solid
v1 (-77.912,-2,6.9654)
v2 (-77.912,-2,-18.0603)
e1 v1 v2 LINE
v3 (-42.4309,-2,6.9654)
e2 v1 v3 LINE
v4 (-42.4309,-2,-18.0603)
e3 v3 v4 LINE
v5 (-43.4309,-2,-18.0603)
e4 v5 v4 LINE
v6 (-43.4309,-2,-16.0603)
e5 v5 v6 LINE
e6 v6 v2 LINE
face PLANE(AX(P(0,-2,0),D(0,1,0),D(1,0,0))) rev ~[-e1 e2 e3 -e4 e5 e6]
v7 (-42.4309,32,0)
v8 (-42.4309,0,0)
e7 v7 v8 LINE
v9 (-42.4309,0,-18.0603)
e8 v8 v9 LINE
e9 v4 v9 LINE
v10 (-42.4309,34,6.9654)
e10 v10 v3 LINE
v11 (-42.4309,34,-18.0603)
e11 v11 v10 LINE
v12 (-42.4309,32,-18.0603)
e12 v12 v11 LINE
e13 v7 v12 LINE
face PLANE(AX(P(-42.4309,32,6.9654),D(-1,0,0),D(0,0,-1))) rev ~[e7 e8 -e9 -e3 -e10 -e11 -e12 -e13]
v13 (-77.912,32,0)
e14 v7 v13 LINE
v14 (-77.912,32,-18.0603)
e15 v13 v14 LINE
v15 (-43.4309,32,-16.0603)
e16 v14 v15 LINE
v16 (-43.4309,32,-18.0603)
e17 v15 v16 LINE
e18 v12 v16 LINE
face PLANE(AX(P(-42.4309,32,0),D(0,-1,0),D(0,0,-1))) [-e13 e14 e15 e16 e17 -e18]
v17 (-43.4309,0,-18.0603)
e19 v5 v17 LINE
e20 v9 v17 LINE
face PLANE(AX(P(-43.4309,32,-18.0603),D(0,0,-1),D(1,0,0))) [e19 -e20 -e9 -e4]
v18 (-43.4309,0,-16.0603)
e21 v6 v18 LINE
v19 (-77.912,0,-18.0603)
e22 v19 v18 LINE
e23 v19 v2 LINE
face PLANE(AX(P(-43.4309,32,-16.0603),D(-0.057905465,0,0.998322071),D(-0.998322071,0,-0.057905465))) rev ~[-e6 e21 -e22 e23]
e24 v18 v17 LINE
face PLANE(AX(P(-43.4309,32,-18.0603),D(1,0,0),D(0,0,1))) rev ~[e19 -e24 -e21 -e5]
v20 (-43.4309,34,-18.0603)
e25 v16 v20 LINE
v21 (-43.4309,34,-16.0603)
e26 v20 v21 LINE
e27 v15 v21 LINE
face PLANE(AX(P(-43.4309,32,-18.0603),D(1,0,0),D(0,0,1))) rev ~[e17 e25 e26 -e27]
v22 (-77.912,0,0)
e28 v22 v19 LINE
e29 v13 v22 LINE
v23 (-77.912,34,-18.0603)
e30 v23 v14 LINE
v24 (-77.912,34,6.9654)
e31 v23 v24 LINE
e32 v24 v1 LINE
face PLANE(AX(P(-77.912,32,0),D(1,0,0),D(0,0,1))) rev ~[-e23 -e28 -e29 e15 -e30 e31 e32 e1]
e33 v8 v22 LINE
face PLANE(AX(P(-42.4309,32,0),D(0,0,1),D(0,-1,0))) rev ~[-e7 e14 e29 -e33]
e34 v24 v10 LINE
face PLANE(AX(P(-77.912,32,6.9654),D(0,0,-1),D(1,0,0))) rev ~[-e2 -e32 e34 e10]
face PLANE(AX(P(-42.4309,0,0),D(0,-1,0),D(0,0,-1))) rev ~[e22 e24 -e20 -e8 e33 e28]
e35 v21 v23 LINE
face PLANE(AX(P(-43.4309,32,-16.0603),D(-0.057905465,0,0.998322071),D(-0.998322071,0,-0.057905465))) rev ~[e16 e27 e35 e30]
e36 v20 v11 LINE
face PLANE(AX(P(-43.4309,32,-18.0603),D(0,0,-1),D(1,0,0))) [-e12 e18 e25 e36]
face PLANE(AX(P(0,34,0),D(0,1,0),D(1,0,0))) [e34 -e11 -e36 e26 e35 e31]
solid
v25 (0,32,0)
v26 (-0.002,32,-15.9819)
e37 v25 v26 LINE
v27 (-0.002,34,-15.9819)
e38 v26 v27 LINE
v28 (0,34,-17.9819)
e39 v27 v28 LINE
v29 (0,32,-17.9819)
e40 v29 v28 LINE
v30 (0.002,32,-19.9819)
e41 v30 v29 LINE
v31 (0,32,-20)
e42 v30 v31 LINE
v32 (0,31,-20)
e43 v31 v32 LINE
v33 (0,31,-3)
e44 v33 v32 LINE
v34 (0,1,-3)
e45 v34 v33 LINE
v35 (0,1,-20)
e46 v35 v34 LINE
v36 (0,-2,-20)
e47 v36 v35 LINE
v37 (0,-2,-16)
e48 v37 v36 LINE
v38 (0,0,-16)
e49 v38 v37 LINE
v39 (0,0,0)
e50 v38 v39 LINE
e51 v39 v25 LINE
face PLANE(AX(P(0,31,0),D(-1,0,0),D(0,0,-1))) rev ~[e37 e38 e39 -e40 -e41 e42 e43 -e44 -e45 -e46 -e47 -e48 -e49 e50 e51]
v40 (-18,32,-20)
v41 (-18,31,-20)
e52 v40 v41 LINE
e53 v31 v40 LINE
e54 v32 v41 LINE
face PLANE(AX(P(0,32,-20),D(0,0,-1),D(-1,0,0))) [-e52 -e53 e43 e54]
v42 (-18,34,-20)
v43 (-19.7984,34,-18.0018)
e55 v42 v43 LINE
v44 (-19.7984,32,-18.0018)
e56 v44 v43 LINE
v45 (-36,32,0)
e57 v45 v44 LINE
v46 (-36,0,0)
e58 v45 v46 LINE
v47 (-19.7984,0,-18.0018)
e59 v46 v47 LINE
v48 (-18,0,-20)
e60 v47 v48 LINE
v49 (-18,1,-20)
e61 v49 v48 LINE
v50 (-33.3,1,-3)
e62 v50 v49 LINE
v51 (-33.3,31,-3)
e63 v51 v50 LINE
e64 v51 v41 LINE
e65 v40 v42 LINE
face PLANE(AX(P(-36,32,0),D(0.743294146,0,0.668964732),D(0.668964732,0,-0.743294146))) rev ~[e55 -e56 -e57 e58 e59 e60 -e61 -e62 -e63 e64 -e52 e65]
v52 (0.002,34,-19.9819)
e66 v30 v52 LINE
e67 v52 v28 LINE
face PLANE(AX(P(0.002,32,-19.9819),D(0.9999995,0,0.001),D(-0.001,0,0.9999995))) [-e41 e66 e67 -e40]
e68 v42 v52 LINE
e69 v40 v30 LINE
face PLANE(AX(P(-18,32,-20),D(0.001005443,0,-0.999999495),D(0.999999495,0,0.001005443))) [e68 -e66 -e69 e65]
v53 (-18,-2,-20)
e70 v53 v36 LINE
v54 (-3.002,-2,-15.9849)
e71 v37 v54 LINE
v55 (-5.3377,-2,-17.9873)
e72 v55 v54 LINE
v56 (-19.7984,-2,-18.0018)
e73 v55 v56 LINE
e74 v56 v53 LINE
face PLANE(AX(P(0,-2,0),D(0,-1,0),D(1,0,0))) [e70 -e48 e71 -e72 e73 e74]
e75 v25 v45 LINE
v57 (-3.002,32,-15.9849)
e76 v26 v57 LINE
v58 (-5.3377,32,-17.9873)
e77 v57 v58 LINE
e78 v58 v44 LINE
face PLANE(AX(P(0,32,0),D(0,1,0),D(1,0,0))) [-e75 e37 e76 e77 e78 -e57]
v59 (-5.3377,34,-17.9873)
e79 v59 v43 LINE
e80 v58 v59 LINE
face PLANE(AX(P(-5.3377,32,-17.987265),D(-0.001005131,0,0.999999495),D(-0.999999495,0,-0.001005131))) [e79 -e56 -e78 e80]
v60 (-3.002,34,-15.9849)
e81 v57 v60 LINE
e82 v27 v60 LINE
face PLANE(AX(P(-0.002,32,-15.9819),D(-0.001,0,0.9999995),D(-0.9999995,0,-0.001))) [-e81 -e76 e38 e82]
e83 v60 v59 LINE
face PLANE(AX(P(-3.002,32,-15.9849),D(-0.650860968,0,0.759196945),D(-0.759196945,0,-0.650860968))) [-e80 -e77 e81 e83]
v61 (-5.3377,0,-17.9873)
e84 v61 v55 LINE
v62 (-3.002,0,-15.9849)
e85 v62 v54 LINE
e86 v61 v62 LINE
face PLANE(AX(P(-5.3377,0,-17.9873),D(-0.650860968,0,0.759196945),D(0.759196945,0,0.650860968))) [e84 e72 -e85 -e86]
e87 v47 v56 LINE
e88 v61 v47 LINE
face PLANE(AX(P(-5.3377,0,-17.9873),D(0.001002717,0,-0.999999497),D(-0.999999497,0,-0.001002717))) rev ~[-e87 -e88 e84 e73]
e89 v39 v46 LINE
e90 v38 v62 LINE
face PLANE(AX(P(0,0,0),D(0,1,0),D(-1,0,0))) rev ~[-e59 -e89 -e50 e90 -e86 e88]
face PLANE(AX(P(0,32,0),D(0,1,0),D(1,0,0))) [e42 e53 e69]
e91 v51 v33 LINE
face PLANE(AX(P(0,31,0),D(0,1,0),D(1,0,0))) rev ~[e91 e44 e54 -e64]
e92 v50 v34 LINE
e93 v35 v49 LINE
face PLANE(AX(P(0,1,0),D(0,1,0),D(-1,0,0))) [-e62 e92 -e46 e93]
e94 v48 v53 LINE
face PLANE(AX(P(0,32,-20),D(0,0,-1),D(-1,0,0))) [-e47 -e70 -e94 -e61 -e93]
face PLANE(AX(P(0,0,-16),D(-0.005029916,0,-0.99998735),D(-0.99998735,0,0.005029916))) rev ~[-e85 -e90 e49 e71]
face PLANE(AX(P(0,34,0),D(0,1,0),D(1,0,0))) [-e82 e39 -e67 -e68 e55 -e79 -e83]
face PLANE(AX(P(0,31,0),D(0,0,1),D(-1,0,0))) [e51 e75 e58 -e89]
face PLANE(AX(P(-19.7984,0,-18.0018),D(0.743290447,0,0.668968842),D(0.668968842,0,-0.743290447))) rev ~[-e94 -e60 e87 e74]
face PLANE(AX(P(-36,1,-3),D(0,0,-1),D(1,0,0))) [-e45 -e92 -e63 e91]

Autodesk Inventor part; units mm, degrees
ref_plane "YZ Plane" through (0, 0, 0) normal (1, 0, 0) x (0, 1, 0)
ref_plane "XZ Plane" through (0, 0, 0) normal (0, 1, 0) x (-1, 0, 0)
ref_plane "XY Plane" through (0, 0, 0) normal (0, 0, 1) x (1, 0, 0)
sketch "Эскиз1" plane through (0, 0, 0) normal (0, 1, 0) x (-1, 0, 0)
  line L0 (0, 0) -> (36, 0)
  line L1 (36, 0) -> (36, -40)
  line L2 (36, -40) -> (0, -40)
  line L3 (0, -40) -> (0, 0)
  dimension "d0" = 36
  dimension "d1" = 40
extrude "Выдавливание1" add sketch "Эскиз1" along normal blind 1
sketch "Эскиз2" plane through (0, 1, 0) normal (0, 1, 0) x (1, 0, 0)
  line L0 (-36, 40) -> (-36, 0) projected
  line L1 (0, 0) -> (-36, 0)
  line L2 (-36, 0) -> (-36, 3)
  line L3 (-36, 3) -> (0, 3)
  line L4 (0, 3) -> (0, 0)
  dimension "d4" = 3
extrude "Выдавливание2" add sketch "Эскиз2" along normal blind 30
sketch "Эскиз3" plane through (0, 31, 0) normal (0, 1, 0) x (1, 0, 0)
  line L0 (0, 0) -> (0, 40) projected
  line L1 (0, 0) -> (-36, 0)
  line L2 (-36, 0) -> (-36, 40)
  line L3 (-36, 40) -> (0, 40)
  line L4 (0, 40) -> (0, 0)
extrude "Выдавливание3" add sketch "Эскиз3" along normal blind 1
sketch "Эскиз4" plane through (0, 32, 0) normal (0, 1, 0) x (1, 0, 0)
  line L0 (-36, 40) -> (-36, 0) projected
  line L1 (-36, 0) -> (0, 40)
  line L2 (0, 40) -> (0, 20)
  line L3 (0, 20) -> (-18, 20)
  line L4 (0, 40) -> (-36, 40) projected
  line L5 (-36, 40) -> (0, 40)
  point P0 (0, 0)
extrude "Выдавливание4" cut sketch "Эскиз4" against normal blind 100
sketch "Эскиз6" plane through (0, 32, 0) normal (0, 1, 0) x (1, 0, 0)
  line L0 (0.002, 19.9819) -> (0, 17.9819)
  line L1 (0, 0) -> (0, 20) projected
  line L2 (0, 17.9819) -> (-19.7984, 18.0018)
  line L3 (-18, 20) -> (-36, 0) projected
  line L4 (-18, 20) -> (-19.7984, 18.0018)
  line L5 (-18, 20) -> (0.002, 19.9819)
  line L6 (0, 17.9819) -> (-0.002, 15.9819)
  line L7 (-0.002, 15.9819) -> (-3.002, 15.9849)
  line L8 (-3.002, 15.9849) -> (-5.3377, 17.9873)
  point P0 (0, 19.9819)
  dimension "d11" = 2
  dimension "d12" = 2
  dimension "d13" = 3
extrude "Выдавливание5" add sketch "Эскиз6" along normal blind 2
sketch "Эскиз7" plane through (0, 0, 0) normal (0, -1, 0) x (1, 0, 0)
  line L0 (0, -20) -> (0, -16)
  line L1 (0, -16) -> (0, -18)
  line L2 (0, -3) -> (0, -20) projected
  line L3 (-5.3377, -17.9873) -> (-19.7984, -18.0018) projected
  line L4 (0, -18) -> (-19.7984, -18.0018)
  line L5 (-19.7984, -18.0018) -> (-18, -20)
  line L6 (-18, -20) -> (0, -20)
  line L7 (-0.002, -15.9819) -> (-3.002, -15.9849) projected
  line L8 (0, -16) -> (-3.002, -15.9849)
  line L9 (-5.3377, -17.9873) -> (-3.002, -15.9849) projected
  line L10 (-3.002, -15.9849) -> (-5.3377, -17.9873)
  point P0 (0, 0)
  dimension "d16" = 4
  dimension "d17" = 2
extrude "Выдавливание6" add sketch "Эскиз7" along normal blind 2 contours L6 L5 L4 L0 | L4 L3 L9 L8 L0
sketch "Эскиз8" plane through (0, 32, 0) normal (0, 1, 0) x (1, 0, 0)
  line L0 (-42.4309, 0) -> (-77.912, 0)
  line L1 (-77.912, 0) -> (-77.912, 18.0603)
  line L2 (-77.912, 18.0603) -> (-42.4309, 18.0603)
  line L3 (-42.4309, 18.0603) -> (-42.4309, 0)
  line L4 (-42.4309, 0) -> (-77.912, 0)
  line L5 (-77.912, 0) -> (-77.912, -6.9654)
  line L6 (-77.912, -6.9654) -> (-42.4309, -6.9654)
  line L7 (-42.4309, -6.9654) -> (-42.4309, 0)
  line L8 (-42.4309, 18.0603) -> (-43.4309, 18.0603)
  line L9 (-43.4309, 18.0603) -> (-43.4309, 16.0603)
  line L10 (-43.4309, 16.0603) -> (-77.912, 18.0603)
  point P0 (0, 0)
  dimension "d20" = 1
  dimension "d21" = 2
extrude "Выдавливание7" add sketch "Эскиз8" along normal blind 2 and the other way blind 34 contours L7 L6 L5 L0 | L0 L1 L10 L9 L2 L3
sketch "Эскиз9" plane through (-42.4309, -2, -18.0603) normal (1, 0, 0) x (0, 0, -1)
  line L0 (-18.0603, 34) -> (-0.0784, 34) projected
  line L1 (-0.0585, 34) -> (-18.0603, 34)
  line L2 (-18.0603, 2) -> (-2.0603, 2) projected
  line L3 (-18.0603, 34) -> (-18.0603, 2)
  line L4 (-18.0603, 2) -> (-0.0585, 2)
  line L5 (-0.0585, 2) -> (-0.0585, 34)
  line L6 (-0.0784, 34) -> (12.151, 34)
  line L7 (12.151, 34) -> (12.151, 2)
  line L8 (12.151, 2) -> (-0.0784, 2)
  line L9 (-0.0784, 2) -> (-0.0784, 34)
  point P0 (-0.0585, 34)
extrude "Выдавливание8" cut sketch "Эскиз9" against normal blind 40
properties part number "akkum"
